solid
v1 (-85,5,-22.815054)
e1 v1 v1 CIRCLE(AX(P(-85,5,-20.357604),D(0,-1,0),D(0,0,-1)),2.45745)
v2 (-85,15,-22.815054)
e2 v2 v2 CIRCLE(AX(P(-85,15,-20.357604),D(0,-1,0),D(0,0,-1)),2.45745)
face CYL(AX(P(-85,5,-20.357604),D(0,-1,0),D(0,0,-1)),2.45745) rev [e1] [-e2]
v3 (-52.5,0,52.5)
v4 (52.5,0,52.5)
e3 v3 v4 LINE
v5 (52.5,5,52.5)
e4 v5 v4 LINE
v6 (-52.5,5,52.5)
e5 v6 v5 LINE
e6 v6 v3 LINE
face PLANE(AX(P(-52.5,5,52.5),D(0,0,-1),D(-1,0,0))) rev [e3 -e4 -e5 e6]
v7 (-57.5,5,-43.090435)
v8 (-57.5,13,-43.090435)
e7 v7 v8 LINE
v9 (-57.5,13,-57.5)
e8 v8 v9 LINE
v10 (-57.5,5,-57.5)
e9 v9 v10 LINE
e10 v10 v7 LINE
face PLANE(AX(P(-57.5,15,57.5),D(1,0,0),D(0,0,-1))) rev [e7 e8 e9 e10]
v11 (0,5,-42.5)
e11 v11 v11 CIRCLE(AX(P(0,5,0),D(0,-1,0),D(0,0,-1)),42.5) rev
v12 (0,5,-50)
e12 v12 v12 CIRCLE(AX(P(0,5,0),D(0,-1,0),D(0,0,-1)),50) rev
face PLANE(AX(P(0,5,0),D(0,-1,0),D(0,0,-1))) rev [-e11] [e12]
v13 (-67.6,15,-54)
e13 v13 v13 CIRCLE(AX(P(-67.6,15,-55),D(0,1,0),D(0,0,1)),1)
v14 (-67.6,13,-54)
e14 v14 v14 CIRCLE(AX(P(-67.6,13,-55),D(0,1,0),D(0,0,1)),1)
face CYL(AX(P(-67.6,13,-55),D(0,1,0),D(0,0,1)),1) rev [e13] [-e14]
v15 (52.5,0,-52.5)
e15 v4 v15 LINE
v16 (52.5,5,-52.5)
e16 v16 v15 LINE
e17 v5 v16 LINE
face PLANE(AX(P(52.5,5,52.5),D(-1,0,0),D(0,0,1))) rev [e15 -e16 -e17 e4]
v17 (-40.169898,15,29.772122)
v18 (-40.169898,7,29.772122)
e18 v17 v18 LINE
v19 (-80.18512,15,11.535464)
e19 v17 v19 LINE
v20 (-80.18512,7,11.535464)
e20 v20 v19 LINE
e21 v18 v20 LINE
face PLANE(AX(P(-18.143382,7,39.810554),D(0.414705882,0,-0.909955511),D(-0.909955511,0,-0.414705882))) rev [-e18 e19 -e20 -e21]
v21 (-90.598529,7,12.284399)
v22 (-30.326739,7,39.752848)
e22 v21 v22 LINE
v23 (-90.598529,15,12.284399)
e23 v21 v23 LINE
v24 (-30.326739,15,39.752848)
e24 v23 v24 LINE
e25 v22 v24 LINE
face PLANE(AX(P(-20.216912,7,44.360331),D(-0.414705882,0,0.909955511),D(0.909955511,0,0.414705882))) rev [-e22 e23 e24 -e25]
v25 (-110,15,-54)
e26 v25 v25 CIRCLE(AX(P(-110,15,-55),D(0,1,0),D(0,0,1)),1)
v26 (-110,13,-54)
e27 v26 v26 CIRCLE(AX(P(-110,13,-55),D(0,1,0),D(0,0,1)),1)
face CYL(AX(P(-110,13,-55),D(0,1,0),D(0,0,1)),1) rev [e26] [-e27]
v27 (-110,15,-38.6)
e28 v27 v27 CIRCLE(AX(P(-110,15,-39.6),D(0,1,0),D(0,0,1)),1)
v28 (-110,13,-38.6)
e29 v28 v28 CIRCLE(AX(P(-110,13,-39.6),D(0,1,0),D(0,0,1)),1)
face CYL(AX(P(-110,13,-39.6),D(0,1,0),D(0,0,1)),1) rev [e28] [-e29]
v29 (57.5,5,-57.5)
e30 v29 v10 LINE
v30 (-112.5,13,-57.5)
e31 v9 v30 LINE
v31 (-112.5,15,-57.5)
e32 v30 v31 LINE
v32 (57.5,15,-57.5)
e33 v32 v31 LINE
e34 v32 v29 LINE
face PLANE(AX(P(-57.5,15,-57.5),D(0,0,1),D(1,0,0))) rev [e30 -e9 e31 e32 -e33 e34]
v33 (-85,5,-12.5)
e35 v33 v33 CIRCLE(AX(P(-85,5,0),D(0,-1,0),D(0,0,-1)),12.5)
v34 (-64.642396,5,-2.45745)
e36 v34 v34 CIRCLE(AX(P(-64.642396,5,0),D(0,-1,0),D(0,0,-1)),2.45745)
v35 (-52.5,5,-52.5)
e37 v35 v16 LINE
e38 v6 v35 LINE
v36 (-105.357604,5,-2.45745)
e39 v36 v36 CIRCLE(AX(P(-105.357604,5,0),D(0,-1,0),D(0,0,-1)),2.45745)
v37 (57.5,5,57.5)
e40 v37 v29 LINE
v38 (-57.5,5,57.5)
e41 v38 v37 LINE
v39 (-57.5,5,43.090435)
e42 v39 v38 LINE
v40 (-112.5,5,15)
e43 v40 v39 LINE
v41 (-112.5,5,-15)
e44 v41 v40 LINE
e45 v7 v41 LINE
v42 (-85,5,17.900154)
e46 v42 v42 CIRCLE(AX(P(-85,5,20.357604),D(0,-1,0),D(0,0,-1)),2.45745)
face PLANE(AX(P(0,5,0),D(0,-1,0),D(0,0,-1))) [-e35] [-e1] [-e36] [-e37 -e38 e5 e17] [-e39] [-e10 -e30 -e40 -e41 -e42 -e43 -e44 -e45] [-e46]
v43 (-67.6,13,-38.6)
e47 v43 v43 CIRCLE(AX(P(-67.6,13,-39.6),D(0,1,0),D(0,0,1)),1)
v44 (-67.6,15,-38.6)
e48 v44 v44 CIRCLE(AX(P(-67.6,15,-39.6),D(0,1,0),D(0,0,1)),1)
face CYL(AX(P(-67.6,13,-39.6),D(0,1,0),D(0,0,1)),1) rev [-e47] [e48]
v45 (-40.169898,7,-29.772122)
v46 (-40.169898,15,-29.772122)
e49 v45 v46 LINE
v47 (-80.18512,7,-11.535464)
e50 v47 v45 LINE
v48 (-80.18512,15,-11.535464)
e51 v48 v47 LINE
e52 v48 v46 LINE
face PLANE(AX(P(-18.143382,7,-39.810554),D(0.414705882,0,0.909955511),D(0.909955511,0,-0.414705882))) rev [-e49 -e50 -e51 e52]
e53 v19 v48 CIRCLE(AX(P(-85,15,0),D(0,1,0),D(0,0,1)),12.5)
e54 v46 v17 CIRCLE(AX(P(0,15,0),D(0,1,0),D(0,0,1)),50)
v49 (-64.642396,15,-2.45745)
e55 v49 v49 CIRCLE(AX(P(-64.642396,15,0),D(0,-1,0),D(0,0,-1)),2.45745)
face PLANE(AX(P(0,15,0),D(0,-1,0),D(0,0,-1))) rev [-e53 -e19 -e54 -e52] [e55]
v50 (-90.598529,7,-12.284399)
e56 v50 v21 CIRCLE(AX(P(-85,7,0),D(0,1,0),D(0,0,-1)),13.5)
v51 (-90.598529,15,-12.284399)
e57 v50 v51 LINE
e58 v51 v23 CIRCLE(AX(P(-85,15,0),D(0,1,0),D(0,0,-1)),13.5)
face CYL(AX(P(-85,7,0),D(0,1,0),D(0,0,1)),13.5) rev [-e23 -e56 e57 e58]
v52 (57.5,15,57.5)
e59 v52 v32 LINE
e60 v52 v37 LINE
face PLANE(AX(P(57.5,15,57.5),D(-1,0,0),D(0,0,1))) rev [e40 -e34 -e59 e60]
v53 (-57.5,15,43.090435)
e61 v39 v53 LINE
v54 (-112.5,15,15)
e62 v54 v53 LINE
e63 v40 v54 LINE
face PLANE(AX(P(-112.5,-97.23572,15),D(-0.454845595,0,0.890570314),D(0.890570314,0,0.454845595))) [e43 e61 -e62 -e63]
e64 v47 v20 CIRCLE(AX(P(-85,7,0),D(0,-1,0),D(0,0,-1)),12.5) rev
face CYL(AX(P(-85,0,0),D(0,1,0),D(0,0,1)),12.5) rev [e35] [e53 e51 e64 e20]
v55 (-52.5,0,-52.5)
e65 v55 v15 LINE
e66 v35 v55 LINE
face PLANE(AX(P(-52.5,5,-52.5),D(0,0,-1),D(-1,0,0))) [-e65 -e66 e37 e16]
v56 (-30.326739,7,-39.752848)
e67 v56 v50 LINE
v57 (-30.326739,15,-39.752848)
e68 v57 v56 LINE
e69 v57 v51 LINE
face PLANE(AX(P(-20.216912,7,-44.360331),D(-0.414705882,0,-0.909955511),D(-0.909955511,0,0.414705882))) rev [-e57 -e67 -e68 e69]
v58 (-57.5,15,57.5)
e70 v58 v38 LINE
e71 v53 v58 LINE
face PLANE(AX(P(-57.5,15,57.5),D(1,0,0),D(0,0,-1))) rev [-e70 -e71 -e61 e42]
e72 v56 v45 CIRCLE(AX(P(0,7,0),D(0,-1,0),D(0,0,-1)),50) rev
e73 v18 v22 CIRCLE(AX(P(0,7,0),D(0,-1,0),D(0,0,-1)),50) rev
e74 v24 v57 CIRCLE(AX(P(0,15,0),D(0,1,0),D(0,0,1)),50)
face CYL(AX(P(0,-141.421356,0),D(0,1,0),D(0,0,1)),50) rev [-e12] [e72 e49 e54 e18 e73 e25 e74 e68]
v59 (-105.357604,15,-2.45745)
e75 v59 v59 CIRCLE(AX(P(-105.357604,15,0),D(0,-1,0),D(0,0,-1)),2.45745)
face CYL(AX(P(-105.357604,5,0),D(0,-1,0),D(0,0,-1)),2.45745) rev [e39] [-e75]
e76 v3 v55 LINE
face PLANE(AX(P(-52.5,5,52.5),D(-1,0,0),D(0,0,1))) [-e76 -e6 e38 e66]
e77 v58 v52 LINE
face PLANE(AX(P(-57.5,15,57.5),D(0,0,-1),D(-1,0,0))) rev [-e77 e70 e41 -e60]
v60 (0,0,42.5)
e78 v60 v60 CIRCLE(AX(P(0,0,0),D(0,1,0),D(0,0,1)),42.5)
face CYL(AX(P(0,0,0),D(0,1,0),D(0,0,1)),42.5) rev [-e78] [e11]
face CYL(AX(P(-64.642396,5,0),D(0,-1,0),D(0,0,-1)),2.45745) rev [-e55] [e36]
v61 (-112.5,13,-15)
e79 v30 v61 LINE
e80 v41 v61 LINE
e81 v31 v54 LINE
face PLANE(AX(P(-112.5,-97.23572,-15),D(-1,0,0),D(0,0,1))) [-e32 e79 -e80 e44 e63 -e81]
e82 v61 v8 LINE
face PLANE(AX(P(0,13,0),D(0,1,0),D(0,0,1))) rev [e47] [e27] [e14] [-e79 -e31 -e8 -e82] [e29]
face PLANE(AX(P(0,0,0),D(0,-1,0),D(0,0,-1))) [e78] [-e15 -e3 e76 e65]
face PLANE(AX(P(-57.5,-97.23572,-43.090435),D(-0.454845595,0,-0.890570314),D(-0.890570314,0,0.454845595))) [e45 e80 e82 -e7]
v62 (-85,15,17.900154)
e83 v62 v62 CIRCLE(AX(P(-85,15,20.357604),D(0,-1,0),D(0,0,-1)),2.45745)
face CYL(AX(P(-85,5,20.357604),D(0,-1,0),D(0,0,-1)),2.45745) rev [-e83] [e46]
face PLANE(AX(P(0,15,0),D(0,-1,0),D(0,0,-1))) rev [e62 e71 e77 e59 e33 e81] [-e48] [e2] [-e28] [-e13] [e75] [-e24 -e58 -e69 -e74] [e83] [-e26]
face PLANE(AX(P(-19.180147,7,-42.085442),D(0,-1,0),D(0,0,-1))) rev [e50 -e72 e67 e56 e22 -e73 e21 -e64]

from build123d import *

# Parameters (mm, degrees)
SKETCH1_W             = 105
SKETCH1_H             = 105
BOSS_EXTRUDE1_DEPTH   = 5
SKETCH2_W             = 115
SKETCH2_H             = 115
BOSS_EXTRUDE2_DEPTH   = 10
SKETCH3_R             = 42.5
CUT_EXTRUDE1_DEPTH    = 83.689177043
SKETCH4_R             = 50
CUT_EXTRUDE2_DEPTH    = 10
BOSS_EXTRUDE3_DEPTH   = 10
SKETCH6_R             = 12.5
CUT_EXTRUDE3_DEPTH    = 128.2301065
F_8_CLEARANCE_HOLE1_D = 4.9149
CUT_EXTRUDE4_DEPTH    = 8
SKETCH10_R            = 1
BOSS_EXTRUDE4_DEPTH   = 2


with BuildPart() as part:
    # Sketch1 → Boss-Extrude1 (new body)
    with BuildSketch(Plane(origin=(0, 0, 0), x_dir=(1, 0, 0), z_dir=(0, 1, 0))):
        Rectangle(SKETCH1_W, SKETCH1_H)
    extrude(amount=BOSS_EXTRUDE1_DEPTH)

    # Sketch2 → Boss-Extrude2 (add)
    with BuildSketch(Plane(origin=(0, 5, 0), x_dir=(1, 0, 0), z_dir=(0, 1, 0))):
        Rectangle(SKETCH2_W, SKETCH2_H)
    extrude(amount=BOSS_EXTRUDE2_DEPTH)

    # Sketch3 → Cut-Extrude1 (cut, through all)
    with BuildSketch(Plane(origin=(0, 15, 0), x_dir=(1, 0, 0), z_dir=(0, 1, 0))):
        with Locations(Location((0, 0, 0), (0, 0, 270))):
            Circle(SKETCH3_R)
    extrude(amount=-CUT_EXTRUDE1_DEPTH, mode=Mode.SUBTRACT)

    # Sketch4 → Cut-Extrude2 (cut)
    with BuildSketch(Plane(origin=(0, 15, 0), x_dir=(1, 0, 0), z_dir=(0, 1, 0))):
        with Locations(Location((0, 0, 0), (0, 0, 270))):
            Circle(SKETCH4_R)
    extrude(amount=-CUT_EXTRUDE2_DEPTH, mode=Mode.SUBTRACT)

    # Sketch5 → Boss-Extrude3 (add)
    with BuildSketch(Plane(origin=(0, 15, 0), x_dir=(1, 0, 0), z_dir=(0, 1, 0))):
        Polygon((-57.5, 43.090435246), (-57.5, -43.090435246), (-112.5, -15), (-112.5, 15), align=None)
    extrude(amount=-BOSS_EXTRUDE3_DEPTH)

    # Sketch6 → Cut-Extrude3 (cut, through all)
    with BuildSketch(Plane(origin=(0, 15, 0), x_dir=(1, 0, 0), z_dir=(0, 1, 0))):
        with Locations(Location((-85, 0, 0), (0, 0, 270))):
            Circle(SKETCH6_R)
    extrude(amount=-CUT_EXTRUDE3_DEPTH, mode=Mode.SUBTRACT)

    # #8 Clearance Hole1 (through all)
    with Locations(Plane(origin=(0, 5, 0), x_dir=(-1, 0, 0), z_dir=(0, -1, 0))):
        with Locations((64.64239577, 0), (85, -20.35760423), (105.35760423, 0), (85, 20.35760423)):
            Hole(F_8_CLEARANCE_HOLE1_D / 2)

    # Sketch9 → Cut-Extrude4 (cut)
    with BuildSketch(Plane(origin=(0, 15, 0), x_dir=(1, 0, 0), z_dir=(0, 1, 0))):
        with BuildLine():
            Line((-20.216911765, 44.360331138), (-90.598529412, 12.284399392))
            ThreePointArc((-90.598529412, 12.284399392), (-98.5, 0), (-90.598529412, -12.284399392))
            Line((-90.598529412, -12.284399392), (-20.216911765, -44.360331138))
            ThreePointArc((-20.216911765, -44.360331138), (-16.905258283, -43.122207068), (-18.143382353, -39.810553586))
            Line((-18.143382353, -39.810553586), (-88.525, -7.734621839))
            ThreePointArc((-88.525, -7.734621839), (-93.5, 0), (-88.525, 7.734621839))
            Line((-88.525, 7.734621839), (-18.143382353, 39.810553586))
            ThreePointArc((-18.143382353, 39.810553586), (-16.905258283, 43.122207068), (-20.216911765, 44.360331138))
        make_face()
    extrude(amount=-CUT_EXTRUDE4_DEPTH, mode=Mode.SUBTRACT)

    # Sketch10 → Boss-Extrude4 (add)
    with BuildSketch(Plane(origin=(0, 15, 0), x_dir=(1, 0, 0), z_dir=(0, 1, 0))):
        Polygon((-57.5, 57.5), (-112.5, 57.5), (-112.5, 15), (-57.5, 43.090435246), align=None)
        with Locations(Location((-67.6, 55, 0), (0, 0, 270))):
            Circle(SKETCH10_R, mode=Mode.SUBTRACT)
        with Locations(Location((-67.6, 39.6, 0), (0, 0, 270))):
            Circle(SKETCH10_R, mode=Mode.SUBTRACT)
        with Locations(Location((-110, 55, 0), (0, 0, 270))):
            Circle(SKETCH10_R, mode=Mode.SUBTRACT)
        with Locations(Location((-110, 39.6, 0), (0, 0, 270))):
            Circle(SKETCH10_R, mode=Mode.SUBTRACT)
    extrude(amount=-BOSS_EXTRUDE4_DEPTH)


solid = part.part
